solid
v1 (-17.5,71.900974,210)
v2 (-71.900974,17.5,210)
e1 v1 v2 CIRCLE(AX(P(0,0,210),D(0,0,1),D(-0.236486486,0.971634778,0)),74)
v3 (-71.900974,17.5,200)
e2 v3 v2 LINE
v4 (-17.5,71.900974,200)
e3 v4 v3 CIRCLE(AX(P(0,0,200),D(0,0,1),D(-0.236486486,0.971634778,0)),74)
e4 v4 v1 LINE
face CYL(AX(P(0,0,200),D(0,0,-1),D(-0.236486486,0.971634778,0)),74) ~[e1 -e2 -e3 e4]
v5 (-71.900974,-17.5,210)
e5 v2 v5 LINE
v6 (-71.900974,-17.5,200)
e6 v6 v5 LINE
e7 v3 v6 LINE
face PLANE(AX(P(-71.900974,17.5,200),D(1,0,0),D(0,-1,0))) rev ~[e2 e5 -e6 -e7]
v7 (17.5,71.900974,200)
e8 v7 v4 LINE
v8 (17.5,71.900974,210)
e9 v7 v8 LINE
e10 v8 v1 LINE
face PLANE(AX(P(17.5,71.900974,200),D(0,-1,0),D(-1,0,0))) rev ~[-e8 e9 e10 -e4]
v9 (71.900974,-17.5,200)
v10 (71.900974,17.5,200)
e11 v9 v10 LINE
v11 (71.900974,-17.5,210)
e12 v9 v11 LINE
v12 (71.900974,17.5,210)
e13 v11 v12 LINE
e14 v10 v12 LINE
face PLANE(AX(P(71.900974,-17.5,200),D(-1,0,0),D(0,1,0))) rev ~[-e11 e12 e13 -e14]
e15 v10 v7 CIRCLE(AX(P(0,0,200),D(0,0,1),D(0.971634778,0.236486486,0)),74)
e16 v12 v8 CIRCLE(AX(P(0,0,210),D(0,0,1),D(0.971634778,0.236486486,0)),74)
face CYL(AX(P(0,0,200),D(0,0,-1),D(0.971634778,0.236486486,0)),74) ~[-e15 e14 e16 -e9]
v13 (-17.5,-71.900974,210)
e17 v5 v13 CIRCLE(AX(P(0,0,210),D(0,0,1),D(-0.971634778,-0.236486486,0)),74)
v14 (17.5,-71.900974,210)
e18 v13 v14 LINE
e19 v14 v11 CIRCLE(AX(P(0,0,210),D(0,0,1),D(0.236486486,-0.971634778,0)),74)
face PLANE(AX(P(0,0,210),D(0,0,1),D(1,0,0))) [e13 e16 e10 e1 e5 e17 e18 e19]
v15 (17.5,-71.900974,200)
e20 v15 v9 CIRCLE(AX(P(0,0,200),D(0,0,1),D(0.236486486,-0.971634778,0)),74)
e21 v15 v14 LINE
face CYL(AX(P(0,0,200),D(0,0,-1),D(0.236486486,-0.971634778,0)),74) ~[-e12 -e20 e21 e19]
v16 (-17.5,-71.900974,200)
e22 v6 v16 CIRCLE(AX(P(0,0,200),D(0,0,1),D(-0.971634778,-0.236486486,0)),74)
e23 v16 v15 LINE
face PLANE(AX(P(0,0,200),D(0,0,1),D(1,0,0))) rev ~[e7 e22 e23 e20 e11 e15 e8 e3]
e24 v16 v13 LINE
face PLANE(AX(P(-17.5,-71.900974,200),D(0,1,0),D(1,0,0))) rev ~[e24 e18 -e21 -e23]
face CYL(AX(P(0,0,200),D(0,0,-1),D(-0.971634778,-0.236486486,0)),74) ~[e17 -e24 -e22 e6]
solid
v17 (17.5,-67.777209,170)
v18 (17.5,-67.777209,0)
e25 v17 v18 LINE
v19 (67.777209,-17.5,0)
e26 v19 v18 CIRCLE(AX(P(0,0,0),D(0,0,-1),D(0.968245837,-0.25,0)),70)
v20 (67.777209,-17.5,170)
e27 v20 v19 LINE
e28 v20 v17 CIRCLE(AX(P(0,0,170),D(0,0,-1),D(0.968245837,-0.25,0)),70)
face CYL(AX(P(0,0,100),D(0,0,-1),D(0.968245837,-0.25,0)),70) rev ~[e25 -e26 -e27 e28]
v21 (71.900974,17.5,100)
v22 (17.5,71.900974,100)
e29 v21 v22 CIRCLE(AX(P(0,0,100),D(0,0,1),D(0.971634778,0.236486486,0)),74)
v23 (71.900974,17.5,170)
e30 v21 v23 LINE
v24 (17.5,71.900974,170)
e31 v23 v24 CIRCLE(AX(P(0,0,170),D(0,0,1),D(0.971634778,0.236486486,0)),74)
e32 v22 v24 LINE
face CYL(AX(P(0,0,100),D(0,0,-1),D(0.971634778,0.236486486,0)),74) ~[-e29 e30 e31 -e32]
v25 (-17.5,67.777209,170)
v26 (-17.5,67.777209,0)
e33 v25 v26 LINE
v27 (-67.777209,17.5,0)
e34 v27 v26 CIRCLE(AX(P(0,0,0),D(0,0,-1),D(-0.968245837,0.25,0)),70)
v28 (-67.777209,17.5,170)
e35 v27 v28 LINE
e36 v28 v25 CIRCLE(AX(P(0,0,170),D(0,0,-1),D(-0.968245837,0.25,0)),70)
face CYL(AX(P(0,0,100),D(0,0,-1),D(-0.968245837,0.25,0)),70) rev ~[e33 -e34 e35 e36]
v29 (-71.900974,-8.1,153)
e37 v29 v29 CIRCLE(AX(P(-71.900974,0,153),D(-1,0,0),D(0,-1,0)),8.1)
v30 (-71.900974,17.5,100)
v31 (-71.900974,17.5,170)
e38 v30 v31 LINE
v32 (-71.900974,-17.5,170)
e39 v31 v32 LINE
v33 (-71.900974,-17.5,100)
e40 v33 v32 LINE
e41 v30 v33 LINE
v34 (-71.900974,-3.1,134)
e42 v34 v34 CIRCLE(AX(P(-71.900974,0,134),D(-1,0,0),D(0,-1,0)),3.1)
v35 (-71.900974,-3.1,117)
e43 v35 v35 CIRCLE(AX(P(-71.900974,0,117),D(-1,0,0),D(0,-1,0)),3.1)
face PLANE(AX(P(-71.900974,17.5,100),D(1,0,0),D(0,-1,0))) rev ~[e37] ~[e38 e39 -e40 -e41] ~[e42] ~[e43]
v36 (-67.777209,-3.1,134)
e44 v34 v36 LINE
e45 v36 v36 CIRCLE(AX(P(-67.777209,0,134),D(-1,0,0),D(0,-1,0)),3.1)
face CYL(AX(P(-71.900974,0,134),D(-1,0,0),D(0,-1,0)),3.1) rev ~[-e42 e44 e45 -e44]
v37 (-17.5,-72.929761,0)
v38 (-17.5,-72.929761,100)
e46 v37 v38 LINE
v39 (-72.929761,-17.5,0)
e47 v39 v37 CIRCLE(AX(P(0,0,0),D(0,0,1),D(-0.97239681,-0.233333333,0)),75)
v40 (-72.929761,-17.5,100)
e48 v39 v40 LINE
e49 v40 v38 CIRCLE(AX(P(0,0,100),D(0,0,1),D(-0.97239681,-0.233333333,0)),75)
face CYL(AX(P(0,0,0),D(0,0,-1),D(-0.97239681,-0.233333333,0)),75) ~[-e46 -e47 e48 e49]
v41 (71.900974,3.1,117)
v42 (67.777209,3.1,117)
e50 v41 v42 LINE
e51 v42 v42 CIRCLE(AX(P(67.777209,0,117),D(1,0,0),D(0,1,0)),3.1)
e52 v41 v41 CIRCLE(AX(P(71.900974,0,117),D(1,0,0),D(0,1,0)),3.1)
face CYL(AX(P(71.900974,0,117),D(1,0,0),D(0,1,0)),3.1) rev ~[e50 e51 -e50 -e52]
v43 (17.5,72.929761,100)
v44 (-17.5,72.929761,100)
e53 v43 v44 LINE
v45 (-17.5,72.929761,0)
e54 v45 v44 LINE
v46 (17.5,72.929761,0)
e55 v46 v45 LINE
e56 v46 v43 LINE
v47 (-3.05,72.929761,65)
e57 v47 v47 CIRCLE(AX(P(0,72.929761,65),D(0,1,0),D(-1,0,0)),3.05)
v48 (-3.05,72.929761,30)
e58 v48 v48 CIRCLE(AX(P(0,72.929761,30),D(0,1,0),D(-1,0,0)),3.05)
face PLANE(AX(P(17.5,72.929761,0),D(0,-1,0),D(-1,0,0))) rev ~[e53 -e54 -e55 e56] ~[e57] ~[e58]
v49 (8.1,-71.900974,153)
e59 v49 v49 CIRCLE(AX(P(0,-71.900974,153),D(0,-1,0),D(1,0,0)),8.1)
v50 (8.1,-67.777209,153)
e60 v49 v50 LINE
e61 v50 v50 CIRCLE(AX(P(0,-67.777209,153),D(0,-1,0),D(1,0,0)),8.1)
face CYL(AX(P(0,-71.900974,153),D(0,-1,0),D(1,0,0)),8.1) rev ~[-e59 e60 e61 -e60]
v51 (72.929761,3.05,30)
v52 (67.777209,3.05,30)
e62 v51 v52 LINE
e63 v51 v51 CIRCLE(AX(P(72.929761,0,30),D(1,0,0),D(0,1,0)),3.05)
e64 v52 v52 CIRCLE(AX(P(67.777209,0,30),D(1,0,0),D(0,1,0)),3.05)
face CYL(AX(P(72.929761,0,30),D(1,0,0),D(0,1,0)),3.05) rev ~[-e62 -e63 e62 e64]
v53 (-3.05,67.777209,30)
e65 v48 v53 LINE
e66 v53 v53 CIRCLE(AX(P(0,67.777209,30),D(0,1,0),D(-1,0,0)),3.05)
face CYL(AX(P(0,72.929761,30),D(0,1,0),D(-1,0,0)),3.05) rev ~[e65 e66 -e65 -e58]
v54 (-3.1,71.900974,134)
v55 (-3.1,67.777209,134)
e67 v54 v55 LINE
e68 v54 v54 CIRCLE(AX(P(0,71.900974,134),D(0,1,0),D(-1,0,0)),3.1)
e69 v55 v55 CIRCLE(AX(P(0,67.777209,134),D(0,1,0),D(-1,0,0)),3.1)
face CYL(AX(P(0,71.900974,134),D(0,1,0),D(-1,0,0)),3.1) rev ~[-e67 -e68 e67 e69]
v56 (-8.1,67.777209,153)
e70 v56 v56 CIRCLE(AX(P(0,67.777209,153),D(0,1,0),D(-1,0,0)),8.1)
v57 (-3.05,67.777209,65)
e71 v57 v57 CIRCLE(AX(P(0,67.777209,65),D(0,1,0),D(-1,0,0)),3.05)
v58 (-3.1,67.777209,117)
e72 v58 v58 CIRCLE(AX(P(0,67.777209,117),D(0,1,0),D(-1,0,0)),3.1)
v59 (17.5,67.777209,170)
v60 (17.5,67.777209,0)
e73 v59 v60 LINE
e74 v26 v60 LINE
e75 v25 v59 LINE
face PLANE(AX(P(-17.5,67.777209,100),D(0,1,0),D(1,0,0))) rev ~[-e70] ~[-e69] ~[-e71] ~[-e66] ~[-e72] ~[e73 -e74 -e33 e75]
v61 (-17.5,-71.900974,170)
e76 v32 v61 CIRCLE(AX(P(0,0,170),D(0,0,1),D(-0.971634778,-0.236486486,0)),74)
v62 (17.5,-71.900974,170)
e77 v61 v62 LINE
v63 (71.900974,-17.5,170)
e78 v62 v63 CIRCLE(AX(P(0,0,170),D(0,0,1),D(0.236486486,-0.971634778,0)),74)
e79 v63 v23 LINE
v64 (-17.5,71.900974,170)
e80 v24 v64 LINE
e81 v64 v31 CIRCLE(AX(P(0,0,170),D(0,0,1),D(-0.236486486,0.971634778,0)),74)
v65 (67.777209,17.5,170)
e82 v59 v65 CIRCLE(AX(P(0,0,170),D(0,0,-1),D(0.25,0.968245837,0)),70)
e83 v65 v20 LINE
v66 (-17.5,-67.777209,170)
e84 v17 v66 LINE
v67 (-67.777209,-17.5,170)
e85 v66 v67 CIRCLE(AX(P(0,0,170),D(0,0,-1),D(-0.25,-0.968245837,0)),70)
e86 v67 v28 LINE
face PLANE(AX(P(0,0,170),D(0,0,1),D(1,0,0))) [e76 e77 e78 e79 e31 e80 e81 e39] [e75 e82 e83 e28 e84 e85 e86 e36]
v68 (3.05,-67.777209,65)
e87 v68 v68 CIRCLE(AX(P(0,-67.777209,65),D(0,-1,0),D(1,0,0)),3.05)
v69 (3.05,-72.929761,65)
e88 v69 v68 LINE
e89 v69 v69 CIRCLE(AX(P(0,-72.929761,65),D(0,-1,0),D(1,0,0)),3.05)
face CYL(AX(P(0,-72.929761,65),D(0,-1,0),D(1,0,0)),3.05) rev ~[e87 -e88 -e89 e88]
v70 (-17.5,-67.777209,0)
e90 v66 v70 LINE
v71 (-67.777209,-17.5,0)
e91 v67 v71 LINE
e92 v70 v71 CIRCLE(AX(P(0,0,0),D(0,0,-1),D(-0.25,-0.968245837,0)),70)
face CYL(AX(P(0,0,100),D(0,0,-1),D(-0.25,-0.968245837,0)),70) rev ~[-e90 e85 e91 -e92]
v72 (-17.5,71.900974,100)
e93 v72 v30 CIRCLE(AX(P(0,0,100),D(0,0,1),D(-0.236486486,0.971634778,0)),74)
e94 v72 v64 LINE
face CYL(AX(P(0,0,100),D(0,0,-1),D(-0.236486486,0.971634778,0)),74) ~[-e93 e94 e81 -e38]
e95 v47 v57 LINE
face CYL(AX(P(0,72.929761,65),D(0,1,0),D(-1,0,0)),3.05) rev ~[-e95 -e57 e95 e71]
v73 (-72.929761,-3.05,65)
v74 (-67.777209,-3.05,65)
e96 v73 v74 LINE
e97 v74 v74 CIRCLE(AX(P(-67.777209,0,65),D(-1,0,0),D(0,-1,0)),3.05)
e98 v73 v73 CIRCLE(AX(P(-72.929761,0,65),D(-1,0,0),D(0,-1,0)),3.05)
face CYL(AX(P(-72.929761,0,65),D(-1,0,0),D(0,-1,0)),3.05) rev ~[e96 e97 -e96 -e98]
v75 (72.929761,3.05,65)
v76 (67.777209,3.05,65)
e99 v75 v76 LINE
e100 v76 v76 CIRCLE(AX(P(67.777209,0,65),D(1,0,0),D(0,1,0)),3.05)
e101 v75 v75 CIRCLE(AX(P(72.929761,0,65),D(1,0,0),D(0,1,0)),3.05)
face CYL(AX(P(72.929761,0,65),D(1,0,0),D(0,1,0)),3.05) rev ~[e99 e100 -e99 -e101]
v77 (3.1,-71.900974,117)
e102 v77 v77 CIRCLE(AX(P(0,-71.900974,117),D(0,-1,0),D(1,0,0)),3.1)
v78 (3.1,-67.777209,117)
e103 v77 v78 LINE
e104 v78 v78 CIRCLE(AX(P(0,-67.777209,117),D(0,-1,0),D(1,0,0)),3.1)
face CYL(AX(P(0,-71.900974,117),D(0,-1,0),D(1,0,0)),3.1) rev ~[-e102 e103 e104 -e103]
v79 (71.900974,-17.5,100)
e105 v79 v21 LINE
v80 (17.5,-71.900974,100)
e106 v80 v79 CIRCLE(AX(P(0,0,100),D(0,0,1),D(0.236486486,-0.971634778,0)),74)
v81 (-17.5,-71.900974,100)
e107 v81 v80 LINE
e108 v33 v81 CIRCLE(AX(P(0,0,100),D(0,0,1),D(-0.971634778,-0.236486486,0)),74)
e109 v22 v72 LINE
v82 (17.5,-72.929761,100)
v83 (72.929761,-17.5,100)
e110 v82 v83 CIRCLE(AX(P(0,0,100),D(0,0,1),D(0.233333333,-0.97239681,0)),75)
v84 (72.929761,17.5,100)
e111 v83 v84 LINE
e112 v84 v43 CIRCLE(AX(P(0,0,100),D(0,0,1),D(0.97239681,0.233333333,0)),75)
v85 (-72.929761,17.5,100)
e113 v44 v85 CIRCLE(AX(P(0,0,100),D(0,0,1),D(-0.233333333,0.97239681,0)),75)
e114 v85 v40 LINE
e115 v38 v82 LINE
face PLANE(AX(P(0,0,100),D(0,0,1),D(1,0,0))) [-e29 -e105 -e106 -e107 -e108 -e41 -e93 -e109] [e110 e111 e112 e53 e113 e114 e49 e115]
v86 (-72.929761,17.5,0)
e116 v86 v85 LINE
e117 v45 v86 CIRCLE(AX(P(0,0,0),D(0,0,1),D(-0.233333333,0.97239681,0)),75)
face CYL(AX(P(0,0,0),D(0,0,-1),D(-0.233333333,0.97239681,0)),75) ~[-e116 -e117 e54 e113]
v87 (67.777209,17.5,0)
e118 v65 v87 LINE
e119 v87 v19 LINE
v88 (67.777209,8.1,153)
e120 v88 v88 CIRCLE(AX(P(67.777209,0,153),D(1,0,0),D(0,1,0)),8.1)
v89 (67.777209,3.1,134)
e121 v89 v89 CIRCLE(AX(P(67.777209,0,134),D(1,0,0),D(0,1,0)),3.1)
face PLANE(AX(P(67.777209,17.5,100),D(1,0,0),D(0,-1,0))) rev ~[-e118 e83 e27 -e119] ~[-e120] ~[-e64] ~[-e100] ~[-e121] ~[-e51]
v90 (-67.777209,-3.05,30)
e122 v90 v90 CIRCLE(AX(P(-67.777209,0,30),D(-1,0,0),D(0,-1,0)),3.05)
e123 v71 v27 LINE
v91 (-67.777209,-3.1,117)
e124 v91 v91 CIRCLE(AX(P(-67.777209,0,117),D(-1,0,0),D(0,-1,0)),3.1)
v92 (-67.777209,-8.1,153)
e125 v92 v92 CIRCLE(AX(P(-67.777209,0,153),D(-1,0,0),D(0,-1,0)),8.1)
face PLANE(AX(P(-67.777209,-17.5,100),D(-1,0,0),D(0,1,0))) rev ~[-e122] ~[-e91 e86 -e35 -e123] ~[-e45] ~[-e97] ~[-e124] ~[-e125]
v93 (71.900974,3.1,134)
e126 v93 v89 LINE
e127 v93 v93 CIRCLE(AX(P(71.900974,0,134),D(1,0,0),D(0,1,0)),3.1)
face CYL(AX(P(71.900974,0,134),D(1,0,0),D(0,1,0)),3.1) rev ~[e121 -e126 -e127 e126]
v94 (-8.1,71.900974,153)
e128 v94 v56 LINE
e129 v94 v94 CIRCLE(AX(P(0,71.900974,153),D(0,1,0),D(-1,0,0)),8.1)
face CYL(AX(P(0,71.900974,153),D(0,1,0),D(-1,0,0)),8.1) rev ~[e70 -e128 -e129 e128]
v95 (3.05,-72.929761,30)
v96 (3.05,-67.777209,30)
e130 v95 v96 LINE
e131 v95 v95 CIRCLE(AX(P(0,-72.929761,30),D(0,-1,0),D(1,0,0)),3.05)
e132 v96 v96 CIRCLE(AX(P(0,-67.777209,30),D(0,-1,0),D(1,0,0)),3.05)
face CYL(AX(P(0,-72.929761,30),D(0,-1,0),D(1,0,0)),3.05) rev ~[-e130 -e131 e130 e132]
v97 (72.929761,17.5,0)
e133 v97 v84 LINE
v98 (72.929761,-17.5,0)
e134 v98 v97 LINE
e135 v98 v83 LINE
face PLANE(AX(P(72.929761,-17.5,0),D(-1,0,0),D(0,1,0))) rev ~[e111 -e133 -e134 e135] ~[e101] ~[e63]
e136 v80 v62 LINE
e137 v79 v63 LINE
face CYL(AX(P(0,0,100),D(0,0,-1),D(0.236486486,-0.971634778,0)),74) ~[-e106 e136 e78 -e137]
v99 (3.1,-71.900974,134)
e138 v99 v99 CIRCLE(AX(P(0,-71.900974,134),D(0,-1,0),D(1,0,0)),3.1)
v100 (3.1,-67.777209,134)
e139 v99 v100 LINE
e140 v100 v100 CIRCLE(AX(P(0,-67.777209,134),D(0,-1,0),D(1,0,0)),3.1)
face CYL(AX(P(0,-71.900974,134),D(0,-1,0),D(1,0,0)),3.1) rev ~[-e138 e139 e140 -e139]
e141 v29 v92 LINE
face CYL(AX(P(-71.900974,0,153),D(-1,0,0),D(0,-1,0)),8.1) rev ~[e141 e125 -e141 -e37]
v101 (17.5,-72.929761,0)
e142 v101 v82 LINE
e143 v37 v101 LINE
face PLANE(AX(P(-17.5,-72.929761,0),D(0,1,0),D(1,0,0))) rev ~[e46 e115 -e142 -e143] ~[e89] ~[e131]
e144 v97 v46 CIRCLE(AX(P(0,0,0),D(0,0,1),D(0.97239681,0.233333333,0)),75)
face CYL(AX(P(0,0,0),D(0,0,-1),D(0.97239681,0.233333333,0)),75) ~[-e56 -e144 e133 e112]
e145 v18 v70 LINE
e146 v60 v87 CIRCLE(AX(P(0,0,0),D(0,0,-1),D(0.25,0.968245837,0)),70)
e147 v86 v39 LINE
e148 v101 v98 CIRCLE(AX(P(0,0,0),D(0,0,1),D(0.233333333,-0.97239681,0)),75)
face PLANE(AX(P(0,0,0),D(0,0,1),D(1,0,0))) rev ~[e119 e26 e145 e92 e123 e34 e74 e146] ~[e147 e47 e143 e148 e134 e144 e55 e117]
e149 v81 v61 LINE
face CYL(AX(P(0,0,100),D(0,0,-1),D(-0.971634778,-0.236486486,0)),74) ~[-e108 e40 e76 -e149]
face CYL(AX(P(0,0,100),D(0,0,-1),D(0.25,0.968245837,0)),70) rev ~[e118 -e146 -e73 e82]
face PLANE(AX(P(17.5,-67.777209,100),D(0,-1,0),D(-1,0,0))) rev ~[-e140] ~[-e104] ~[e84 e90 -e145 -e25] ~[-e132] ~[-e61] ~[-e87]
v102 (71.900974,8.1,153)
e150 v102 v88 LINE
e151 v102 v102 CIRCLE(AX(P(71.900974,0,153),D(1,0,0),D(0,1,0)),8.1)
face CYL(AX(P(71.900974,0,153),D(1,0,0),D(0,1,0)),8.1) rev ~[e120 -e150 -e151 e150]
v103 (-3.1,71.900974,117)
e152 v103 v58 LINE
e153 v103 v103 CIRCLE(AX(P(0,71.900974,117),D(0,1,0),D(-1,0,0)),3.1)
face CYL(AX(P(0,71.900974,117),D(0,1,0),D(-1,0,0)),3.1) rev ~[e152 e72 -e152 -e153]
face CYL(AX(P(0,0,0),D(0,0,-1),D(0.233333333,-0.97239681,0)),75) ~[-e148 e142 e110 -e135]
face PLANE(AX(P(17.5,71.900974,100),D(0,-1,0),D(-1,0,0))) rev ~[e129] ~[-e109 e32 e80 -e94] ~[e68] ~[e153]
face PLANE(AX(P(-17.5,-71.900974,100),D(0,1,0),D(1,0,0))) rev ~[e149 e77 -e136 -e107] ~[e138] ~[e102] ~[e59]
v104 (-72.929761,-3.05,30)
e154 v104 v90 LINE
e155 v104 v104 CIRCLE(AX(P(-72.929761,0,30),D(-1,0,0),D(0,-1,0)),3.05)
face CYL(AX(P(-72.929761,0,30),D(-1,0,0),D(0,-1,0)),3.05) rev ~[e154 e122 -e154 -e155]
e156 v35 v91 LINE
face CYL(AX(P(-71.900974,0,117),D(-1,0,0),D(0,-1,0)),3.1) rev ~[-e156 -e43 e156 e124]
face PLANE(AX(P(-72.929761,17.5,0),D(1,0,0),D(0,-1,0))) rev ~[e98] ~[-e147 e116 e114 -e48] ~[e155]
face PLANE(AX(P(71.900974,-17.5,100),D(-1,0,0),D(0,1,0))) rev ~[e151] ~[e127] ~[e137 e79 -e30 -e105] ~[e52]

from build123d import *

# Parameters (mm, degrees)
F1_DEPTH  = 100
F3_DEPTH  = 70
F4_R      = 8.1
F4_R_2    = 3.1
F5_DEPTH  = 4.1237650092
F6_R      = 8.1
F6_R_2    = 3.1
F7_DEPTH  = 4.1237650092
F8_R      = 8.1
F8_R_2    = 3.1
F9_DEPTH  = 4.1237650092
F10_R     = 8.1
F10_R_2   = 3.1
F11_DEPTH = 4.1237650092
F12_R     = 3.05
F13_DEPTH = 5.1525521704
F14_R     = 3.05
F15_DEPTH = 5.1525521704
F16_R     = 3.05
F17_DEPTH = 5.1525521704
F18_R     = 3.05
F19_DEPTH = 5.1525521704
F20_START = 100
F20_DEPTH = 10


with BuildPart() as f1:
    # F0 (on Top) → F1 (new body)
    with BuildSketch(Plane.XY):
        with BuildLine():
            Line((17.5, 72.9297607291), (-17.5, 72.9297607291))
            ThreePointArc((-17.5, 72.9297607291), (-53.033008589, 53.033008589), (-72.9297607291, 17.5))
            Line((-72.9297607291, 17.5), (-72.9297607291, -17.5))
            ThreePointArc((-72.9297607291, -17.5), (-53.033008589, -53.033008589), (-17.5, -72.9297607291))
            Line((-17.5, -72.9297607291), (17.5, -72.9297607291))
            ThreePointArc((17.5, -72.9297607291), (53.033008589, -53.033008589), (72.9297607291, -17.5))
            Line((72.9297607291, -17.5), (72.9297607291, 17.5))
            ThreePointArc((72.9297607291, 17.5), (53.033008589, 53.033008589), (17.5, 72.9297607291))
        make_face()
        with BuildLine():
            ThreePointArc((-67.7772085586, 17.5), (-49.4974746831, 49.4974746831), (-17.5, 67.7772085586))
            Line((-17.5, 67.7772085586), (17.5, 67.7772085586))
            ThreePointArc((17.5, 67.7772085586), (49.4974746831, 49.4974746831), (67.7772085586, 17.5))
            Line((67.7772085586, 17.5), (67.7772085586, -17.5))
            ThreePointArc((67.7772085586, -17.5), (49.4974746831, -49.4974746831), (17.5, -67.7772085586))
            Line((17.5, -67.7772085586), (-17.5, -67.7772085586))
            ThreePointArc((-17.5, -67.7772085586), (-49.4974746831, -49.4974746831), (-67.7772085586, -17.5))
            Line((-67.7772085586, -17.5), (-67.7772085586, 17.5))
        make_face(mode=Mode.SUBTRACT)
    extrude(amount=F1_DEPTH)

    # F2 (on face) → F3 (join)
    with BuildSketch(Plane.XY.offset(100)):
        with BuildLine():
            Line((17.5, 71.9009735678), (-17.5, 71.9009735678))
            ThreePointArc((-17.5, 71.9009735678), (-52.3259018078, 52.3259018078), (-71.9009735678, 17.5))
            Line((-71.9009735678, 17.5), (-71.9009735678, -17.5))
            ThreePointArc((-71.9009735678, -17.5), (-52.3259018078, -52.3259018078), (-17.5, -71.9009735678))
            Line((-17.5, -71.9009735678), (17.5, -71.9009735678))
            ThreePointArc((17.5, -71.9009735678), (52.3259018078, -52.3259018078), (71.9009735678, -17.5))
            Line((71.9009735678, -17.5), (71.9009735678, 17.5))
            ThreePointArc((71.9009735678, 17.5), (52.3259018078, 52.3259018078), (17.5, 71.9009735678))
        make_face()
        with BuildLine():
            ThreePointArc((-67.7772085586, 17.5), (-49.4974746831, 49.4974746831), (-17.5, 67.7772085586))
            Line((-17.5, 67.7772085586), (17.5, 67.7772085586))
            ThreePointArc((17.5, 67.7772085586), (49.4974746831, 49.4974746831), (67.7772085586, 17.5))
            Line((67.7772085586, 17.5), (67.7772085586, -17.5))
            ThreePointArc((67.7772085586, -17.5), (49.4974746831, -49.4974746831), (17.5, -67.7772085586))
            Line((17.5, -67.7772085586), (-17.5, -67.7772085586))
            ThreePointArc((-17.5, -67.7772085586), (-49.4974746831, -49.4974746831), (-67.7772085586, -17.5))
            Line((-67.7772085586, -17.5), (-67.7772085586, 17.5))
        make_face(mode=Mode.SUBTRACT)
    extrude(amount=F3_DEPTH)

    # F4 (on face) → F5 (cut, through all)
    with BuildSketch(Plane.XZ.offset(71.9009735678)):
        with Locations((0, 153)):
            Circle(F4_R)
        with Locations((0, 134)):
            Circle(F4_R_2)
        with Locations((0, 117)):
            Circle(F4_R_2)
    extrude(amount=-F5_DEPTH, mode=Mode.SUBTRACT)

    # F6 (on face) → F7 (cut, through all)
    with BuildSketch(Plane.YZ.offset(71.9009735678)):
        with Locations((0, 153)):
            Circle(F6_R)
        with Locations((0, 134)):
            Circle(F6_R_2)
        with Locations((0, 117)):
            Circle(F6_R_2)
    extrude(amount=-F7_DEPTH, mode=Mode.SUBTRACT)

    # F8 (on face) → F9 (cut, through all)
    with BuildSketch(Plane(origin=(0, 71.9009735678, 0), x_dir=(-1, 0, 0), z_dir=(0, 1, 0))):
        with Locations((0, 153)):
            Circle(F8_R)
        with Locations((0, 134)):
            Circle(F8_R_2)
        with Locations((0, 117)):
            Circle(F8_R_2)
    extrude(amount=-F9_DEPTH, mode=Mode.SUBTRACT)

    # F10 (on face) → F11 (cut, through all)
    with BuildSketch(Plane(origin=(-71.9009735678, 0, 0), x_dir=(0, -1, 0), z_dir=(-1, 0, 0))):
        with Locations((0, 153)):
            Circle(F10_R)
        with Locations((0, 134)):
            Circle(F10_R_2)
        with Locations((0, 117)):
            Circle(F10_R_2)
    extrude(amount=-F11_DEPTH, mode=Mode.SUBTRACT)

    # F12 (on face) → F13 (cut, through all)
    with BuildSketch(Plane.YZ.offset(72.9297607291)):
        with Locations((0, 65)):
            Circle(F12_R)
        with Locations((0, 30)):
            Circle(F12_R)
    extrude(amount=-F13_DEPTH, mode=Mode.SUBTRACT)

    # F14 (on face) → F15 (cut, through all)
    with BuildSketch(Plane.XZ.offset(72.9297607291)):
        with Locations((0, 65)):
            Circle(F14_R)
        with Locations((0, 30)):
            Circle(F14_R)
    extrude(amount=-F15_DEPTH, mode=Mode.SUBTRACT)

    # F16 (on face) → F17 (cut, through all)
    with BuildSketch(Plane(origin=(0, 72.9297607291, 0), x_dir=(-1, 0, 0), z_dir=(0, 1, 0))):
        with Locations((0, 65)):
            Circle(F16_R)
        with Locations((0, 30)):
            Circle(F16_R)
    extrude(amount=-F17_DEPTH, mode=Mode.SUBTRACT)

    # F18 (on face) → F19 (cut, through all)
    with BuildSketch(Plane(origin=(-72.9297607291, 0, 0), x_dir=(0, -1, 0), z_dir=(-1, 0, 0))):
        with Locations((0, 65)):
            Circle(F18_R)
        with Locations((0, 30)):
            Circle(F18_R)
    extrude(amount=-F19_DEPTH, mode=Mode.SUBTRACT)


with BuildPart() as f20:
    # F2 (on face) → F20 (new body)
    with BuildSketch(Plane.XY.offset(100).offset(F20_START)):
        with BuildLine():
            Line((17.5, 71.9009735678), (-17.5, 71.9009735678))
            ThreePointArc((-17.5, 71.9009735678), (-52.3259018078, 52.3259018078), (-71.9009735678, 17.5))
            Line((-71.9009735678, 17.5), (-71.9009735678, -17.5))
            ThreePointArc((-71.9009735678, -17.5), (-52.3259018078, -52.3259018078), (-17.5, -71.9009735678))
            Line((-17.5, -71.9009735678), (17.5, -71.9009735678))
            ThreePointArc((17.5, -71.9009735678), (52.3259018078, -52.3259018078), (71.9009735678, -17.5))
            Line((71.9009735678, -17.5), (71.9009735678, 17.5))
            ThreePointArc((71.9009735678, 17.5), (52.3259018078, 52.3259018078), (17.5, 71.9009735678))
        make_face()
        with BuildLine():
            ThreePointArc((-67.7772085586, 17.5), (-49.4974746831, 49.4974746831), (-17.5, 67.7772085586))
            Line((-17.5, 67.7772085586), (17.5, 67.7772085586))
            ThreePointArc((17.5, 67.7772085586), (49.4974746831, 49.4974746831), (67.7772085586, 17.5))
            Line((67.7772085586, 17.5), (67.7772085586, -17.5))
            ThreePointArc((67.7772085586, -17.5), (49.4974746831, -49.4974746831), (17.5, -67.7772085586))
            Line((17.5, -67.7772085586), (-17.5, -67.7772085586))
            ThreePointArc((-17.5, -67.7772085586), (-49.4974746831, -49.4974746831), (-67.7772085586, -17.5))
            Line((-67.7772085586, -17.5), (-67.7772085586, 17.5))
        make_face(mode=Mode.SUBTRACT)
        with BuildLine():
            Line((17.5, 67.7772085586), (-17.5, 67.7772085586))
            ThreePointArc((-17.5, 67.7772085586), (-49.4974746831, 49.4974746831), (-67.7772085586, 17.5))
            Line((-67.7772085586, 17.5), (-67.7772085586, -17.5))
            ThreePointArc((-67.7772085586, -17.5), (-49.4974746831, -49.4974746831), (-17.5, -67.7772085586))
            Line((-17.5, -67.7772085586), (17.5, -67.7772085586))
            ThreePointArc((17.5, -67.7772085586), (49.4974746831, -49.4974746831), (67.7772085586, -17.5))
            Line((67.7772085586, -17.5), (67.7772085586, 17.5))
            ThreePointArc((67.7772085586, 17.5), (49.4974746831, 49.4974746831), (17.5, 67.7772085586))
        make_face()
    extrude(amount=F20_DEPTH)


solid = Compound([f1.part, f20.part])
